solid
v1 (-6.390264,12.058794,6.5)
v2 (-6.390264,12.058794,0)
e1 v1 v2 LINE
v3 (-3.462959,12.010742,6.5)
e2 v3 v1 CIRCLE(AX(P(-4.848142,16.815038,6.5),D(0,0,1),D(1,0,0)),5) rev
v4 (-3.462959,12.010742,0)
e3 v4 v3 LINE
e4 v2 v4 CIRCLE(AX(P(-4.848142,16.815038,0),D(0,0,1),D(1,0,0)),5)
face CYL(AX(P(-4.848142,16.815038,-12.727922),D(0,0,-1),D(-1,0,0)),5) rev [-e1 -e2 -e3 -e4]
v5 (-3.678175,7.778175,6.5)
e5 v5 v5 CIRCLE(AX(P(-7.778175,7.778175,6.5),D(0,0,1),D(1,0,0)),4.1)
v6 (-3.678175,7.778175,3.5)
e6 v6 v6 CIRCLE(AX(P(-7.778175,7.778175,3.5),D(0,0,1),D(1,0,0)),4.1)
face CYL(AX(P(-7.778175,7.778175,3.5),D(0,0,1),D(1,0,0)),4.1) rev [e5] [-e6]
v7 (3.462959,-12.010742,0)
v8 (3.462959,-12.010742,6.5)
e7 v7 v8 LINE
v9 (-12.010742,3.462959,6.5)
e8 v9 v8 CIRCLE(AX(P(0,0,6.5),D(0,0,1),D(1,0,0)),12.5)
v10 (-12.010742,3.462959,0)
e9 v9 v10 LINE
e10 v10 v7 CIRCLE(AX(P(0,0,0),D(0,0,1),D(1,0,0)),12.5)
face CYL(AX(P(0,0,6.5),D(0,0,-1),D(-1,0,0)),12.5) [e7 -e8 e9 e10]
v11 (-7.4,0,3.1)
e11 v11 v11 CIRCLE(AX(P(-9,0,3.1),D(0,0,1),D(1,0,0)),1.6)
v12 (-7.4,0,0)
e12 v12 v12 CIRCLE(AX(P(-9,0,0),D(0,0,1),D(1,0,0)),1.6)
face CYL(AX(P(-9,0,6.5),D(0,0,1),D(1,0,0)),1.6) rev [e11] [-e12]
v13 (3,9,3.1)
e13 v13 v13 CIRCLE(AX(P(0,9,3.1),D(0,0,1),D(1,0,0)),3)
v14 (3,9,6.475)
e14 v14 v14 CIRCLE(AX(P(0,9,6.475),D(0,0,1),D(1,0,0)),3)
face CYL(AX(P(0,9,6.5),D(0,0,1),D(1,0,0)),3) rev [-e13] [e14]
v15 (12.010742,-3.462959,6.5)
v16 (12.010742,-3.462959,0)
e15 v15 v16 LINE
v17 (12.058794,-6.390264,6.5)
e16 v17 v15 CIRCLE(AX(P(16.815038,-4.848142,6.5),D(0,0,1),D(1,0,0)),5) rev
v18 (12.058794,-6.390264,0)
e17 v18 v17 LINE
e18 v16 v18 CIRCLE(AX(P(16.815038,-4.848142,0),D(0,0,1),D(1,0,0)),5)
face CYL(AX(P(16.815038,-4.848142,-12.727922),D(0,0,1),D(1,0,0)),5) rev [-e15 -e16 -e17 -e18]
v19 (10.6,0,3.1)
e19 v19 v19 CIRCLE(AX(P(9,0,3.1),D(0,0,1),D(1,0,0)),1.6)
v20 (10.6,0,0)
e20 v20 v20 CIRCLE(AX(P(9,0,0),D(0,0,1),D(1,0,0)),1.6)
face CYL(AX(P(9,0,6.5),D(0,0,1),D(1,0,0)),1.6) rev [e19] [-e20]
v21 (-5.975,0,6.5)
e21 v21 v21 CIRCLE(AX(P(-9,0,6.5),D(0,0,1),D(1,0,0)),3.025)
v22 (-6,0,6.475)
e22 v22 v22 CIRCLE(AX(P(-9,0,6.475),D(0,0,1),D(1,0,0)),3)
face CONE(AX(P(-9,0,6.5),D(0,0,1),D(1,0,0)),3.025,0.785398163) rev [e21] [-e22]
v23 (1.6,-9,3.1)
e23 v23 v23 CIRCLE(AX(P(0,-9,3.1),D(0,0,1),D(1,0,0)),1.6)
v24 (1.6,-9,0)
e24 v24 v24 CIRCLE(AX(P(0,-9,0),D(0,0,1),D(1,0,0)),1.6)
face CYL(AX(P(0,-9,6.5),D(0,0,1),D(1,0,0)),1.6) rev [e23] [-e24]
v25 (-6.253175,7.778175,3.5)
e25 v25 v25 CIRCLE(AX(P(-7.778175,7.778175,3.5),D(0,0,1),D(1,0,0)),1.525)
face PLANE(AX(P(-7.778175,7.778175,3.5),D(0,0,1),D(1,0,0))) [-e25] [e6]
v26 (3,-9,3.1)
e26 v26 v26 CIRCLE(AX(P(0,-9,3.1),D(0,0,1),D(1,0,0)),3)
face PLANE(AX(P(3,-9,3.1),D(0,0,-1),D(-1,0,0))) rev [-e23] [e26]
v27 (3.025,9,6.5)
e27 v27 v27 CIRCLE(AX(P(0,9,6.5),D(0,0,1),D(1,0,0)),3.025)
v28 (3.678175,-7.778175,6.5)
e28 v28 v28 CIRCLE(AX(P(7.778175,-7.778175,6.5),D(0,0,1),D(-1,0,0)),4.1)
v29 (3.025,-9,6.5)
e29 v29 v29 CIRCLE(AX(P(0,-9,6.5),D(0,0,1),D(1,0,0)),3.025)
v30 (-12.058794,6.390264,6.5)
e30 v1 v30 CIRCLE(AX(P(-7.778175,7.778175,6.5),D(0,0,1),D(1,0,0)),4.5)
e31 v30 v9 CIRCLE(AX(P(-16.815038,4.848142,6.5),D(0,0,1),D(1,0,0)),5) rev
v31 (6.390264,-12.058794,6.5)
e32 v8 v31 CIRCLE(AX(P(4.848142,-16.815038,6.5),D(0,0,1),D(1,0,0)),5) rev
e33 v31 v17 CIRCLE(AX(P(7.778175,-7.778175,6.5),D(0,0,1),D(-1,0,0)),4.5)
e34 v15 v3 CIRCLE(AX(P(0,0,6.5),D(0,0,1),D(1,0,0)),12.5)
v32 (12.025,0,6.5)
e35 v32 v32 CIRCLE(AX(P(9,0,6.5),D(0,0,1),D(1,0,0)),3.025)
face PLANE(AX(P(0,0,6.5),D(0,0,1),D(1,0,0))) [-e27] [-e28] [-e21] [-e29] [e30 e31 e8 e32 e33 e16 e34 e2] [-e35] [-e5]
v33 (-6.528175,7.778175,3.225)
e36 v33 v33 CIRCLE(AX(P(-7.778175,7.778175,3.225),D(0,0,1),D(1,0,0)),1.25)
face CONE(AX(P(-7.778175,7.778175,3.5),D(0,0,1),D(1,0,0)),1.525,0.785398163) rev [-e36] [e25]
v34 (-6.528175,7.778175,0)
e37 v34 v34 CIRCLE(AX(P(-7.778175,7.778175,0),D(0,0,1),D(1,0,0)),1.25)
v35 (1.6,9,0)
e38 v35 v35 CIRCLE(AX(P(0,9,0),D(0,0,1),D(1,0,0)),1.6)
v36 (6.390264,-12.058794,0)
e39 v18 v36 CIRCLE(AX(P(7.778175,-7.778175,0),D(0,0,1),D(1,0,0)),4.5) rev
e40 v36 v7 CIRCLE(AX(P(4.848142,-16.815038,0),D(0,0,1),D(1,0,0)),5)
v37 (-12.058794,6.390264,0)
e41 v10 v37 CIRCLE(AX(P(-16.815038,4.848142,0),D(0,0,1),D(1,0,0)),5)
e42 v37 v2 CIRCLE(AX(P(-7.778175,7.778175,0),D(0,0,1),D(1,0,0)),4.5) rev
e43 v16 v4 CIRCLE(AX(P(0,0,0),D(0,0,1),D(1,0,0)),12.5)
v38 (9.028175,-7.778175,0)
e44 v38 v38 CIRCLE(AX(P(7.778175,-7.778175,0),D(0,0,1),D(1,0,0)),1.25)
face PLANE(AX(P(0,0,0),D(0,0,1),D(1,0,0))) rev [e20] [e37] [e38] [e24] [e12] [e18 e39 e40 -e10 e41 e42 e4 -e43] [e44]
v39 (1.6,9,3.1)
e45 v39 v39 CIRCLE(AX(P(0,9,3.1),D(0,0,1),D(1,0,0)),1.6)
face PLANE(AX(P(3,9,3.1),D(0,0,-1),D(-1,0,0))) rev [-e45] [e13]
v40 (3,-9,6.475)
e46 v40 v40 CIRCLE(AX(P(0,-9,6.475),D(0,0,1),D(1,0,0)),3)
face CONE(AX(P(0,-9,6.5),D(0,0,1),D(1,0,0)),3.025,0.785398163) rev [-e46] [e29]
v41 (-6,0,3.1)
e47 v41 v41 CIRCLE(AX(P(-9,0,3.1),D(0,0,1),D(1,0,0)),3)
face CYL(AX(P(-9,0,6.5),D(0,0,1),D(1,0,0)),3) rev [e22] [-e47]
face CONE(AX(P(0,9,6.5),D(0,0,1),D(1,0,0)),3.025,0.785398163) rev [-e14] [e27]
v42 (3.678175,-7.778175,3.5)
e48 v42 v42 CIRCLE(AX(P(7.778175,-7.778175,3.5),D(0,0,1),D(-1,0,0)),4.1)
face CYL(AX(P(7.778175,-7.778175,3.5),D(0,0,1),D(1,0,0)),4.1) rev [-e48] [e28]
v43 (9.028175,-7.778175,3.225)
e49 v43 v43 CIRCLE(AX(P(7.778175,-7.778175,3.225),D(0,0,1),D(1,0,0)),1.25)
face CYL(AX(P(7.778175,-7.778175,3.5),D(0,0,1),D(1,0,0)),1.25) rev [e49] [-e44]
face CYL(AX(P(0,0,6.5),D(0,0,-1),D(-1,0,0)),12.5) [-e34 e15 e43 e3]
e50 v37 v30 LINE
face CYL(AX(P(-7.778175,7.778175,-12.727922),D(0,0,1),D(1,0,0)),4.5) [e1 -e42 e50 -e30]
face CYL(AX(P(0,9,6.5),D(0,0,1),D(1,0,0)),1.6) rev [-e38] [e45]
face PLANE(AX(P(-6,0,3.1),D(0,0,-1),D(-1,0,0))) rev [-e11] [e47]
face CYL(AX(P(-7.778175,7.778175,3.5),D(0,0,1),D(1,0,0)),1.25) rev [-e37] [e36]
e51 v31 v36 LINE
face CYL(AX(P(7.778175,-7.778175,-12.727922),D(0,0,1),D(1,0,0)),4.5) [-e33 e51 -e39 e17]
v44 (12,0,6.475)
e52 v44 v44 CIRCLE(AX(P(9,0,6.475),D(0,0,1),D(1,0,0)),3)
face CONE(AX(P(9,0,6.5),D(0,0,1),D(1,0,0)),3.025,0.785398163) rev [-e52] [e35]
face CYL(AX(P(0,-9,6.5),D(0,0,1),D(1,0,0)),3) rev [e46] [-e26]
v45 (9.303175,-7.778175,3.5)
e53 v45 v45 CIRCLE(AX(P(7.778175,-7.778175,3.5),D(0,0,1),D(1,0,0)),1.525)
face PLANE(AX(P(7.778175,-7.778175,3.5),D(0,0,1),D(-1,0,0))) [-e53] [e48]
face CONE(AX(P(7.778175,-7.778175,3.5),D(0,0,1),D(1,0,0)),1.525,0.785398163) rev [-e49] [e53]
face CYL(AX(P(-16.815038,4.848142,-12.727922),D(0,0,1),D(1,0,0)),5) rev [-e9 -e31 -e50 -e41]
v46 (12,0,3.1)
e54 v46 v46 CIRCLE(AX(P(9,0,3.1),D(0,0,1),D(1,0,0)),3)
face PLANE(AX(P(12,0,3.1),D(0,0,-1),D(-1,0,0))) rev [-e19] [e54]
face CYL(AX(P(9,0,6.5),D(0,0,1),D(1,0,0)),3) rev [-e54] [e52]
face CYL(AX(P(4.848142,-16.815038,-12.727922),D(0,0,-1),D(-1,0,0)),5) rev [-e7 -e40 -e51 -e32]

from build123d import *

# Parameters (mm, degrees)
SKETCH1_R                   = 12.5
BOSS_EXTRUDE1_DEPTH         = 6.5
CIRPATTERN1_COUNT           = 4
SKETCH5_R                   = 4.5
BOSS_EXTRUDE3_DEPTH         = 6.5
SKETCH7_R                   = 4.1
CUT_EXTRUDE2_DEPTH          = 3
CIRPATTERN3_COUNT           = 2
FILLET2_R                   = 5
M3_TAPPED_HOLE1_D           = 2.5
M3_TAPPED_HOLE1_CSINK_D     = 3.05
M3_TAPPED_HOLE1_CSINK_ANGLE = 90


with BuildPart() as part:
    # Sketch1 → Boss-Extrude1 (new body)
    with BuildSketch(Plane.XY):
        with Locations(Location((0, 0, 0), (0, 0, 180))):
            Circle(SKETCH1_R)
    extrude(amount=BOSS_EXTRUDE1_DEPTH)

    # Sketch4 → CBORE for M3 Hexagon socket head cap screws1 (revolve, cut)
    with BuildSketch(Plane(origin=(-9, 0, 6.5), x_dir=(0, -1, 0), z_dir=(1, 0, 0))):
        Polygon((0, 0), (0, 6.5), (1.6, 6.5), (1.6, 3.4), (3, 3.4), (3, 0.025), (3.025, 0), align=None)
    cbore_for_m3_hexagon_socket_head_cap_scr = revolve(axis=Axis((-9, 0, 12.85), (0, 0, -1)), mode=Mode.SUBTRACT)

    # CirPattern1: CBORE for M3 Hexagon socket head cap screws1 ×4 about axis
    cirpattern1_axis = Axis((0, 0, 0), (0, 0, 1))
    for i in range(1, CIRPATTERN1_COUNT):
        add(cbore_for_m3_hexagon_socket_head_cap_scr.rotate(cirpattern1_axis, i * 360 / CIRPATTERN1_COUNT), mode=Mode.SUBTRACT)

    # Sketch5 → Boss-Extrude3 (add)
    with BuildSketch(Plane.XY.offset(6.5)):
        with Locations((-7.778174593, 7.778174593)):
            Circle(SKETCH5_R)
    boss_extrude3 = extrude(amount=-BOSS_EXTRUDE3_DEPTH)

    # Sketch7 → Cut-Extrude2 (cut)
    with BuildSketch(Plane.XY.offset(6.5)):
        with Locations((-7.778174593, 7.778174593)):
            Circle(SKETCH7_R)
    cut_extrude2 = extrude(amount=-CUT_EXTRUDE2_DEPTH, mode=Mode.SUBTRACT)

    # CirPattern3: Boss-Extrude3, Cut-Extrude2 ×2 about axis
    cirpattern3_axis = Axis((0, 0, 0), (0, 0, 1))
    add([boss_extrude3.rotate(cirpattern3_axis, i * 360 / CIRPATTERN3_COUNT) for i in range(1, CIRPATTERN3_COUNT)])
    add([cut_extrude2.rotate(cirpattern3_axis, i * 360 / CIRPATTERN3_COUNT) for i in range(1, CIRPATTERN3_COUNT)], mode=Mode.SUBTRACT)

    # Fillet2
    fillet2_edges = [part.edges().sort_by_distance(p)[0] for p in [
        (-5.115048509, 11.405537197, 3.25),
        (-11.405537197, 5.115048509, 3.25),
        (5.115048509, -11.405537197, 3.25),
        (11.405537197, -5.115048509, 3.25),
    ]]
    fillet(fillet2_edges, radius=FILLET2_R)

    # M3 Tapped Hole1 (through all)
    with Locations(Plane(origin=(-7.778174593, 7.778174593, 3.5), x_dir=(1, 0, 0), z_dir=(0, 0, 1))):
        with Locations((0, 0), (15.556349186, -15.556349186)):
            CounterSinkHole(M3_TAPPED_HOLE1_D / 2, M3_TAPPED_HOLE1_CSINK_D / 2, counter_sink_angle=M3_TAPPED_HOLE1_CSINK_ANGLE)


solid = part.part
